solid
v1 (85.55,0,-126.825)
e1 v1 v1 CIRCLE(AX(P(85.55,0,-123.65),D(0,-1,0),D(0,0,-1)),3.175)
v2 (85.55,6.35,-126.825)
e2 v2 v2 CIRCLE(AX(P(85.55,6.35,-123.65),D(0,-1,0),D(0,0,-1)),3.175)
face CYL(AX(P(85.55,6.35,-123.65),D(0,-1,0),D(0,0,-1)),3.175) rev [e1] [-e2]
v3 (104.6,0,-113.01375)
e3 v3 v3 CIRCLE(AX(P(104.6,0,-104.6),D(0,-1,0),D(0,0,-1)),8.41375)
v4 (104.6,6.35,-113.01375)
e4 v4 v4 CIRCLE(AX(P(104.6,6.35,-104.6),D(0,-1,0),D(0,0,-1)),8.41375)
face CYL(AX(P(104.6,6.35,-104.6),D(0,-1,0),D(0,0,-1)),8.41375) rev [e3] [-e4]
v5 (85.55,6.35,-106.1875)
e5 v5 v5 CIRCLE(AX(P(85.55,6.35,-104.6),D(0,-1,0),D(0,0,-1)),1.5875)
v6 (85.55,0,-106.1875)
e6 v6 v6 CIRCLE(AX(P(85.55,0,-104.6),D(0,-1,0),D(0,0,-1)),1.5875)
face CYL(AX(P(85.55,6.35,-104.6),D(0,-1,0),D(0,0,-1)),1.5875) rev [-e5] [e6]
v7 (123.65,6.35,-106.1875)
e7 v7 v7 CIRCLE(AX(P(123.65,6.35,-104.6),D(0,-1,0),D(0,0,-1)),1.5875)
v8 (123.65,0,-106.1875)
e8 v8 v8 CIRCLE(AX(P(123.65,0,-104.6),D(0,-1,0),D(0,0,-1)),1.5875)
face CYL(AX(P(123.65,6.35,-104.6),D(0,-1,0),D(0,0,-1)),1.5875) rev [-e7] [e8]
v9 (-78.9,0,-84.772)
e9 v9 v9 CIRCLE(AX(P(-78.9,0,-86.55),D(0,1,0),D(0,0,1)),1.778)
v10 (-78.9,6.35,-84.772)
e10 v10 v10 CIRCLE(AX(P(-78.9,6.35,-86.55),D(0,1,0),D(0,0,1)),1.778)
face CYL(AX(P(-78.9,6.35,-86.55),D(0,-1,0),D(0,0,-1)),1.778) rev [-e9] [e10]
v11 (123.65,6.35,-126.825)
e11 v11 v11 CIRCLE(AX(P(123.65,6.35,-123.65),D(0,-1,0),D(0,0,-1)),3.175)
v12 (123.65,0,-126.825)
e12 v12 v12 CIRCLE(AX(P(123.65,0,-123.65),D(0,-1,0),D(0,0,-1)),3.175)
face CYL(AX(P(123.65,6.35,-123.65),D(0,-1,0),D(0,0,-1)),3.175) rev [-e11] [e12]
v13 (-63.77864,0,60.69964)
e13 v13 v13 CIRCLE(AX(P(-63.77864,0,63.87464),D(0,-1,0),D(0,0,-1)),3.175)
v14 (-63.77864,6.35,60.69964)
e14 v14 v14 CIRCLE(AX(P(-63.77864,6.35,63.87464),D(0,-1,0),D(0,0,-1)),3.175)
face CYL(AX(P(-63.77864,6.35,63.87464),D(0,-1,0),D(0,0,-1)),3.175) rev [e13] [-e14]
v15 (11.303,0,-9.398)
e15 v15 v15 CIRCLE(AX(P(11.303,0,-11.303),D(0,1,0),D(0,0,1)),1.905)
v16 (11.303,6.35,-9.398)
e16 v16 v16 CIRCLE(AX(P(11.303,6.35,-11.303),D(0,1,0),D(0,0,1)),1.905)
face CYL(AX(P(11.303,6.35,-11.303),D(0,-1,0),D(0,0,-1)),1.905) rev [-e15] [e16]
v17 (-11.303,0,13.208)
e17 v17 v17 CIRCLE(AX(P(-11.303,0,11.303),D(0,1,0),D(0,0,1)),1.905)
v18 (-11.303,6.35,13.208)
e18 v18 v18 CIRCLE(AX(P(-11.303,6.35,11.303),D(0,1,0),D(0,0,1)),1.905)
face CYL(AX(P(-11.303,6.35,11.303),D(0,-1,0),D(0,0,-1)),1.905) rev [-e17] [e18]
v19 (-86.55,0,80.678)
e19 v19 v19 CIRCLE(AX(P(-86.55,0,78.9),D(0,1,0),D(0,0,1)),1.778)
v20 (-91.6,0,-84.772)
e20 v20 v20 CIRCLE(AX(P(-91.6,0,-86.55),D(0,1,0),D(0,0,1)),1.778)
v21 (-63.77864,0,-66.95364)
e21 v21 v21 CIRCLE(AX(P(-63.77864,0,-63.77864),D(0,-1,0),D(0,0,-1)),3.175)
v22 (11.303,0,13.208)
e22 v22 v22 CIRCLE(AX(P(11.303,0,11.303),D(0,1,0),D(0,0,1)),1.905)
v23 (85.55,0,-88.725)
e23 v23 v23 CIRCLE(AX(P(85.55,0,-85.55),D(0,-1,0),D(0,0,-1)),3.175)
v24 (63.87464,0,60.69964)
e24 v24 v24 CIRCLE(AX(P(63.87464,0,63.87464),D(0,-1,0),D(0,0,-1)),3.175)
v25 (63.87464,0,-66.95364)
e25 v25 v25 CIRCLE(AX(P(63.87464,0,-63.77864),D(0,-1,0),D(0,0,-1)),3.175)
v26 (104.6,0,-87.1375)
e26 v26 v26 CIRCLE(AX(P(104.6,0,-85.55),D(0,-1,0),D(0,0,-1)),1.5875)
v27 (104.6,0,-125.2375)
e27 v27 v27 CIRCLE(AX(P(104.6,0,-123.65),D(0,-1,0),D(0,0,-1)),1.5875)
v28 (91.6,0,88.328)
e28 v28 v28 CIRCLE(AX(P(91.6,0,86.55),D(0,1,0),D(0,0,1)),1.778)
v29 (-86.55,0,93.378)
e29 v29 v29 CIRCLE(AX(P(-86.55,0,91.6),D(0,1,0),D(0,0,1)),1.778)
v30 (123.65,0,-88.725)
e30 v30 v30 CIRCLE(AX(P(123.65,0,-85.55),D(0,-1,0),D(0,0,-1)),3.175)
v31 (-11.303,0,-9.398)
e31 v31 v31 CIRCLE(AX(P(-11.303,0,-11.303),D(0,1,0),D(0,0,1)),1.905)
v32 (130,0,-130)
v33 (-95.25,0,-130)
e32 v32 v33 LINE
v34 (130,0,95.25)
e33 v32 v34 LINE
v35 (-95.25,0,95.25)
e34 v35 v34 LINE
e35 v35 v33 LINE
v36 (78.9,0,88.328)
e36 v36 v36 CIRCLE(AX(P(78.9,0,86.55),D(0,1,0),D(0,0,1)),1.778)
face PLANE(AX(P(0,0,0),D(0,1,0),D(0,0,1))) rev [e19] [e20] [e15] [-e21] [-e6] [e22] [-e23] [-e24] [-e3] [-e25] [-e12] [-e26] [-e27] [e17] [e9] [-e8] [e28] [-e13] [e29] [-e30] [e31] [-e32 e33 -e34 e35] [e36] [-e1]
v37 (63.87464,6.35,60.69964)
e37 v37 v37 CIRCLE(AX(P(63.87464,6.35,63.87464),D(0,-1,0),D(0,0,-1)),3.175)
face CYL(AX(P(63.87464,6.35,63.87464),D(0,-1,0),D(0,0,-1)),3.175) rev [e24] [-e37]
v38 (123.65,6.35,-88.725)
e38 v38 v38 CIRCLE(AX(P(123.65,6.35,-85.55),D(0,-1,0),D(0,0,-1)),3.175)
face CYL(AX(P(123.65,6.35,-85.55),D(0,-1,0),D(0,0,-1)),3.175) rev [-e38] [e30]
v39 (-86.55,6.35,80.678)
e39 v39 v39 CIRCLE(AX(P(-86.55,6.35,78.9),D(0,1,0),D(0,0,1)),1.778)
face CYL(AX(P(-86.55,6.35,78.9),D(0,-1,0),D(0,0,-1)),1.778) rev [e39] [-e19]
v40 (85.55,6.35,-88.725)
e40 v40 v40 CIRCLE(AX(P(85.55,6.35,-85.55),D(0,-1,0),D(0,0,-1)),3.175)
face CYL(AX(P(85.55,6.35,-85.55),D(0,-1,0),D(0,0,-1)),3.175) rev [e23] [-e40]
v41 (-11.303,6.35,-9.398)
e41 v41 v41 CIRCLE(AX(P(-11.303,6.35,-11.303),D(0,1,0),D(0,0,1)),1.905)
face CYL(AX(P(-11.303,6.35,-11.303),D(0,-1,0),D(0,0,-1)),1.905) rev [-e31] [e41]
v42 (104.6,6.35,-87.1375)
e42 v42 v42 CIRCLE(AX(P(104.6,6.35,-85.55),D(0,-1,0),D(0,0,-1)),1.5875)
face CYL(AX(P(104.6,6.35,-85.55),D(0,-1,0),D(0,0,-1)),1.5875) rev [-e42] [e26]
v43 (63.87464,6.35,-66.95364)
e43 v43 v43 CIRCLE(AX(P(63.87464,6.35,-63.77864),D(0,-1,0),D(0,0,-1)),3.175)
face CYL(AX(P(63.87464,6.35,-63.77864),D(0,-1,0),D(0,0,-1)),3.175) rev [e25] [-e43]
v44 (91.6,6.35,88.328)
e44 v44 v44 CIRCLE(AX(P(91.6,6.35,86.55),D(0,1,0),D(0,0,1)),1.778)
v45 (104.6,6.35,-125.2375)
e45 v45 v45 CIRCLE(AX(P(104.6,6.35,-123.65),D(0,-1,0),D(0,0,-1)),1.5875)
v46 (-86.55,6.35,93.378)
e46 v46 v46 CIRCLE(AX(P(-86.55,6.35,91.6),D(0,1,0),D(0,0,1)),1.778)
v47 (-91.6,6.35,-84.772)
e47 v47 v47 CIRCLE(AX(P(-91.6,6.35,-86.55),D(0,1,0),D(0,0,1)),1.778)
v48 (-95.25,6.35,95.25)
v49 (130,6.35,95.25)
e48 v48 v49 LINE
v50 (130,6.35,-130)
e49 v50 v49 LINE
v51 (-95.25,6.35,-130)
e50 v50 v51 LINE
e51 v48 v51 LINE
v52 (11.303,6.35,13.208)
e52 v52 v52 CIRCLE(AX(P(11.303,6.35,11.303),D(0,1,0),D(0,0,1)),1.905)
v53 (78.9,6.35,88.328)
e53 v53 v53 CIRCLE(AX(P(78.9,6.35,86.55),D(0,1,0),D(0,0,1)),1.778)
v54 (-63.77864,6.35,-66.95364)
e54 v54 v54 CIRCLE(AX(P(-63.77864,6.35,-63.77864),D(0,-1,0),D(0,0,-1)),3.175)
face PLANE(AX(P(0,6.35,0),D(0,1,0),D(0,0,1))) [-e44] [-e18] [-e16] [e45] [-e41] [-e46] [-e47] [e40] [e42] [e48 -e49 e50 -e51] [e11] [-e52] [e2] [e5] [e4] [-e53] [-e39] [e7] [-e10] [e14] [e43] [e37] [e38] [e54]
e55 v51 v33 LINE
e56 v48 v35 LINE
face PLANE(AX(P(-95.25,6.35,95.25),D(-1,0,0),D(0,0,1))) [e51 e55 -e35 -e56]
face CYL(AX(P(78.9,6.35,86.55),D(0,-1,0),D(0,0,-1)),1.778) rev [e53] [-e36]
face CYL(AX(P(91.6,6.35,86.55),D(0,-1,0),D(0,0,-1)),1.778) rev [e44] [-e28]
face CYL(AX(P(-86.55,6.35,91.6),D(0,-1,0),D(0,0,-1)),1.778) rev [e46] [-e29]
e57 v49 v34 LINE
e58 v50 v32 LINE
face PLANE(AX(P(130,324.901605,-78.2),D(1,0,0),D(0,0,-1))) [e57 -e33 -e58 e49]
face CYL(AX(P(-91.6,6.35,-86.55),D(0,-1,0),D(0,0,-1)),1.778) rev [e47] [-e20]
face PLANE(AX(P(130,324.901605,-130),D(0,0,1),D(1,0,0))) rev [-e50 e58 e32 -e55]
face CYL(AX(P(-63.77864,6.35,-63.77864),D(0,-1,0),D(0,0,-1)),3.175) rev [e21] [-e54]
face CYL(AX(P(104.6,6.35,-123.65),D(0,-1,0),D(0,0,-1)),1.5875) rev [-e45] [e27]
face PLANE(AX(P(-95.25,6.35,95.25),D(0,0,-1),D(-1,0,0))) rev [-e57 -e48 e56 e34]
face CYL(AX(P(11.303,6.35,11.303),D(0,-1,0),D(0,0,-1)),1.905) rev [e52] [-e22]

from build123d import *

# Parameters (mm, degrees)
SKETCH1_W           = 190.5
SKETCH1_H           = 190.5
SKETCH1_R           = 1.905
SKETCH1_R_2         = 1.778
BOSS_EXTRUDE1_DEPTH = 6.35
BOSS_EXTRUDE3_DEPTH = 6.35
SKETCH8_R           = 3.175
CUT_EXTRUDE1_DEPTH  = 7.35
SKETCH9_R           = 3.175
CUT_EXTRUDE2_DEPTH  = 7.35
SKETCH10_R          = 1.5875
CUT_EXTRUDE3_DEPTH  = 7.35
SKETCH11_R          = 8.41375
CUT_EXTRUDE4_DEPTH  = 7.35


with BuildPart() as part:
    # Sketch1 → Boss-Extrude1 (new body)
    with BuildSketch(Plane(origin=(0, 0, 0), x_dir=(1, 0, 0), z_dir=(0, 1, 0))):
        Rectangle(SKETCH1_W, SKETCH1_H)
        with Locations((-11.303, 11.303)):
            Circle(SKETCH1_R, mode=Mode.SUBTRACT)
        with Locations((-11.303, -11.303)):
            Circle(SKETCH1_R, mode=Mode.SUBTRACT)
        with Locations((11.303, 11.303)):
            Circle(SKETCH1_R, mode=Mode.SUBTRACT)
        with Locations((11.303, -11.303)):
            Circle(SKETCH1_R, mode=Mode.SUBTRACT)
        with Locations((-78.9, 86.55)):
            Circle(SKETCH1_R_2, mode=Mode.SUBTRACT)
        with Locations((-91.6, 86.55)):
            Circle(SKETCH1_R_2, mode=Mode.SUBTRACT)
        with Locations((91.6, -86.55)):
            Circle(SKETCH1_R_2, mode=Mode.SUBTRACT)
        with Locations((78.9, -86.55)):
            Circle(SKETCH1_R_2, mode=Mode.SUBTRACT)
        with Locations((-86.55, -78.9)):
            Circle(SKETCH1_R_2, mode=Mode.SUBTRACT)
        with Locations((-86.55, -91.6)):
            Circle(SKETCH1_R_2, mode=Mode.SUBTRACT)
    extrude(amount=BOSS_EXTRUDE1_DEPTH)

    # Sketch7 → Boss-Extrude3 (add)
    with BuildSketch(Plane.XZ):
        Polygon((-95.25, -130), (78.2, -130), (130, -130), (130, -78.2), (130, 95.25), (95.25, 95.25), (95.25, -95.25), (-95.25, -95.25), align=None)
    extrude(amount=-BOSS_EXTRUDE3_DEPTH)

    # Sketch8 → Cut-Extrude1 (cut, through all)
    with BuildSketch(Plane.XZ):
        with Locations((-63.77864005, -63.77864005)):
            Circle(SKETCH8_R)
        with Locations((-63.77864005, 63.87464005)):
            Circle(SKETCH8_R)
        with Locations((63.87464005, 63.87464005)):
            Circle(SKETCH8_R)
        with Locations((63.87464005, -63.77864005)):
            Circle(SKETCH8_R)
    extrude(amount=-CUT_EXTRUDE1_DEPTH, mode=Mode.SUBTRACT)

    # Sketch9 → Cut-Extrude2 (cut, through all)
    with BuildSketch(Plane.XZ):
        with Locations((123.65, -123.65)):
            Circle(SKETCH9_R)
        with Locations((85.55, -85.55)):
            Circle(SKETCH9_R)
        with Locations((123.65, -85.55)):
            Circle(SKETCH9_R)
        with Locations((85.55, -123.65)):
            Circle(SKETCH9_R)
    extrude(amount=-CUT_EXTRUDE2_DEPTH, mode=Mode.SUBTRACT)

    # Sketch10 → Cut-Extrude3 (cut, through all)
    with BuildSketch(Plane.XZ):
        with Locations((104.6, -123.65)):
            Circle(SKETCH10_R)
        with Locations((85.55, -104.6)):
            Circle(SKETCH10_R)
        with Locations((104.6, -85.55)):
            Circle(SKETCH10_R)
        with Locations((123.65, -104.6)):
            Circle(SKETCH10_R)
    extrude(amount=-CUT_EXTRUDE3_DEPTH, mode=Mode.SUBTRACT)

    # Sketch11 → Cut-Extrude4 (cut, through all)
    with BuildSketch(Plane.XZ):
        with Locations((104.6, -104.6)):
            Circle(SKETCH11_R)
    extrude(amount=-CUT_EXTRUDE4_DEPTH, mode=Mode.SUBTRACT)


solid = part.part
